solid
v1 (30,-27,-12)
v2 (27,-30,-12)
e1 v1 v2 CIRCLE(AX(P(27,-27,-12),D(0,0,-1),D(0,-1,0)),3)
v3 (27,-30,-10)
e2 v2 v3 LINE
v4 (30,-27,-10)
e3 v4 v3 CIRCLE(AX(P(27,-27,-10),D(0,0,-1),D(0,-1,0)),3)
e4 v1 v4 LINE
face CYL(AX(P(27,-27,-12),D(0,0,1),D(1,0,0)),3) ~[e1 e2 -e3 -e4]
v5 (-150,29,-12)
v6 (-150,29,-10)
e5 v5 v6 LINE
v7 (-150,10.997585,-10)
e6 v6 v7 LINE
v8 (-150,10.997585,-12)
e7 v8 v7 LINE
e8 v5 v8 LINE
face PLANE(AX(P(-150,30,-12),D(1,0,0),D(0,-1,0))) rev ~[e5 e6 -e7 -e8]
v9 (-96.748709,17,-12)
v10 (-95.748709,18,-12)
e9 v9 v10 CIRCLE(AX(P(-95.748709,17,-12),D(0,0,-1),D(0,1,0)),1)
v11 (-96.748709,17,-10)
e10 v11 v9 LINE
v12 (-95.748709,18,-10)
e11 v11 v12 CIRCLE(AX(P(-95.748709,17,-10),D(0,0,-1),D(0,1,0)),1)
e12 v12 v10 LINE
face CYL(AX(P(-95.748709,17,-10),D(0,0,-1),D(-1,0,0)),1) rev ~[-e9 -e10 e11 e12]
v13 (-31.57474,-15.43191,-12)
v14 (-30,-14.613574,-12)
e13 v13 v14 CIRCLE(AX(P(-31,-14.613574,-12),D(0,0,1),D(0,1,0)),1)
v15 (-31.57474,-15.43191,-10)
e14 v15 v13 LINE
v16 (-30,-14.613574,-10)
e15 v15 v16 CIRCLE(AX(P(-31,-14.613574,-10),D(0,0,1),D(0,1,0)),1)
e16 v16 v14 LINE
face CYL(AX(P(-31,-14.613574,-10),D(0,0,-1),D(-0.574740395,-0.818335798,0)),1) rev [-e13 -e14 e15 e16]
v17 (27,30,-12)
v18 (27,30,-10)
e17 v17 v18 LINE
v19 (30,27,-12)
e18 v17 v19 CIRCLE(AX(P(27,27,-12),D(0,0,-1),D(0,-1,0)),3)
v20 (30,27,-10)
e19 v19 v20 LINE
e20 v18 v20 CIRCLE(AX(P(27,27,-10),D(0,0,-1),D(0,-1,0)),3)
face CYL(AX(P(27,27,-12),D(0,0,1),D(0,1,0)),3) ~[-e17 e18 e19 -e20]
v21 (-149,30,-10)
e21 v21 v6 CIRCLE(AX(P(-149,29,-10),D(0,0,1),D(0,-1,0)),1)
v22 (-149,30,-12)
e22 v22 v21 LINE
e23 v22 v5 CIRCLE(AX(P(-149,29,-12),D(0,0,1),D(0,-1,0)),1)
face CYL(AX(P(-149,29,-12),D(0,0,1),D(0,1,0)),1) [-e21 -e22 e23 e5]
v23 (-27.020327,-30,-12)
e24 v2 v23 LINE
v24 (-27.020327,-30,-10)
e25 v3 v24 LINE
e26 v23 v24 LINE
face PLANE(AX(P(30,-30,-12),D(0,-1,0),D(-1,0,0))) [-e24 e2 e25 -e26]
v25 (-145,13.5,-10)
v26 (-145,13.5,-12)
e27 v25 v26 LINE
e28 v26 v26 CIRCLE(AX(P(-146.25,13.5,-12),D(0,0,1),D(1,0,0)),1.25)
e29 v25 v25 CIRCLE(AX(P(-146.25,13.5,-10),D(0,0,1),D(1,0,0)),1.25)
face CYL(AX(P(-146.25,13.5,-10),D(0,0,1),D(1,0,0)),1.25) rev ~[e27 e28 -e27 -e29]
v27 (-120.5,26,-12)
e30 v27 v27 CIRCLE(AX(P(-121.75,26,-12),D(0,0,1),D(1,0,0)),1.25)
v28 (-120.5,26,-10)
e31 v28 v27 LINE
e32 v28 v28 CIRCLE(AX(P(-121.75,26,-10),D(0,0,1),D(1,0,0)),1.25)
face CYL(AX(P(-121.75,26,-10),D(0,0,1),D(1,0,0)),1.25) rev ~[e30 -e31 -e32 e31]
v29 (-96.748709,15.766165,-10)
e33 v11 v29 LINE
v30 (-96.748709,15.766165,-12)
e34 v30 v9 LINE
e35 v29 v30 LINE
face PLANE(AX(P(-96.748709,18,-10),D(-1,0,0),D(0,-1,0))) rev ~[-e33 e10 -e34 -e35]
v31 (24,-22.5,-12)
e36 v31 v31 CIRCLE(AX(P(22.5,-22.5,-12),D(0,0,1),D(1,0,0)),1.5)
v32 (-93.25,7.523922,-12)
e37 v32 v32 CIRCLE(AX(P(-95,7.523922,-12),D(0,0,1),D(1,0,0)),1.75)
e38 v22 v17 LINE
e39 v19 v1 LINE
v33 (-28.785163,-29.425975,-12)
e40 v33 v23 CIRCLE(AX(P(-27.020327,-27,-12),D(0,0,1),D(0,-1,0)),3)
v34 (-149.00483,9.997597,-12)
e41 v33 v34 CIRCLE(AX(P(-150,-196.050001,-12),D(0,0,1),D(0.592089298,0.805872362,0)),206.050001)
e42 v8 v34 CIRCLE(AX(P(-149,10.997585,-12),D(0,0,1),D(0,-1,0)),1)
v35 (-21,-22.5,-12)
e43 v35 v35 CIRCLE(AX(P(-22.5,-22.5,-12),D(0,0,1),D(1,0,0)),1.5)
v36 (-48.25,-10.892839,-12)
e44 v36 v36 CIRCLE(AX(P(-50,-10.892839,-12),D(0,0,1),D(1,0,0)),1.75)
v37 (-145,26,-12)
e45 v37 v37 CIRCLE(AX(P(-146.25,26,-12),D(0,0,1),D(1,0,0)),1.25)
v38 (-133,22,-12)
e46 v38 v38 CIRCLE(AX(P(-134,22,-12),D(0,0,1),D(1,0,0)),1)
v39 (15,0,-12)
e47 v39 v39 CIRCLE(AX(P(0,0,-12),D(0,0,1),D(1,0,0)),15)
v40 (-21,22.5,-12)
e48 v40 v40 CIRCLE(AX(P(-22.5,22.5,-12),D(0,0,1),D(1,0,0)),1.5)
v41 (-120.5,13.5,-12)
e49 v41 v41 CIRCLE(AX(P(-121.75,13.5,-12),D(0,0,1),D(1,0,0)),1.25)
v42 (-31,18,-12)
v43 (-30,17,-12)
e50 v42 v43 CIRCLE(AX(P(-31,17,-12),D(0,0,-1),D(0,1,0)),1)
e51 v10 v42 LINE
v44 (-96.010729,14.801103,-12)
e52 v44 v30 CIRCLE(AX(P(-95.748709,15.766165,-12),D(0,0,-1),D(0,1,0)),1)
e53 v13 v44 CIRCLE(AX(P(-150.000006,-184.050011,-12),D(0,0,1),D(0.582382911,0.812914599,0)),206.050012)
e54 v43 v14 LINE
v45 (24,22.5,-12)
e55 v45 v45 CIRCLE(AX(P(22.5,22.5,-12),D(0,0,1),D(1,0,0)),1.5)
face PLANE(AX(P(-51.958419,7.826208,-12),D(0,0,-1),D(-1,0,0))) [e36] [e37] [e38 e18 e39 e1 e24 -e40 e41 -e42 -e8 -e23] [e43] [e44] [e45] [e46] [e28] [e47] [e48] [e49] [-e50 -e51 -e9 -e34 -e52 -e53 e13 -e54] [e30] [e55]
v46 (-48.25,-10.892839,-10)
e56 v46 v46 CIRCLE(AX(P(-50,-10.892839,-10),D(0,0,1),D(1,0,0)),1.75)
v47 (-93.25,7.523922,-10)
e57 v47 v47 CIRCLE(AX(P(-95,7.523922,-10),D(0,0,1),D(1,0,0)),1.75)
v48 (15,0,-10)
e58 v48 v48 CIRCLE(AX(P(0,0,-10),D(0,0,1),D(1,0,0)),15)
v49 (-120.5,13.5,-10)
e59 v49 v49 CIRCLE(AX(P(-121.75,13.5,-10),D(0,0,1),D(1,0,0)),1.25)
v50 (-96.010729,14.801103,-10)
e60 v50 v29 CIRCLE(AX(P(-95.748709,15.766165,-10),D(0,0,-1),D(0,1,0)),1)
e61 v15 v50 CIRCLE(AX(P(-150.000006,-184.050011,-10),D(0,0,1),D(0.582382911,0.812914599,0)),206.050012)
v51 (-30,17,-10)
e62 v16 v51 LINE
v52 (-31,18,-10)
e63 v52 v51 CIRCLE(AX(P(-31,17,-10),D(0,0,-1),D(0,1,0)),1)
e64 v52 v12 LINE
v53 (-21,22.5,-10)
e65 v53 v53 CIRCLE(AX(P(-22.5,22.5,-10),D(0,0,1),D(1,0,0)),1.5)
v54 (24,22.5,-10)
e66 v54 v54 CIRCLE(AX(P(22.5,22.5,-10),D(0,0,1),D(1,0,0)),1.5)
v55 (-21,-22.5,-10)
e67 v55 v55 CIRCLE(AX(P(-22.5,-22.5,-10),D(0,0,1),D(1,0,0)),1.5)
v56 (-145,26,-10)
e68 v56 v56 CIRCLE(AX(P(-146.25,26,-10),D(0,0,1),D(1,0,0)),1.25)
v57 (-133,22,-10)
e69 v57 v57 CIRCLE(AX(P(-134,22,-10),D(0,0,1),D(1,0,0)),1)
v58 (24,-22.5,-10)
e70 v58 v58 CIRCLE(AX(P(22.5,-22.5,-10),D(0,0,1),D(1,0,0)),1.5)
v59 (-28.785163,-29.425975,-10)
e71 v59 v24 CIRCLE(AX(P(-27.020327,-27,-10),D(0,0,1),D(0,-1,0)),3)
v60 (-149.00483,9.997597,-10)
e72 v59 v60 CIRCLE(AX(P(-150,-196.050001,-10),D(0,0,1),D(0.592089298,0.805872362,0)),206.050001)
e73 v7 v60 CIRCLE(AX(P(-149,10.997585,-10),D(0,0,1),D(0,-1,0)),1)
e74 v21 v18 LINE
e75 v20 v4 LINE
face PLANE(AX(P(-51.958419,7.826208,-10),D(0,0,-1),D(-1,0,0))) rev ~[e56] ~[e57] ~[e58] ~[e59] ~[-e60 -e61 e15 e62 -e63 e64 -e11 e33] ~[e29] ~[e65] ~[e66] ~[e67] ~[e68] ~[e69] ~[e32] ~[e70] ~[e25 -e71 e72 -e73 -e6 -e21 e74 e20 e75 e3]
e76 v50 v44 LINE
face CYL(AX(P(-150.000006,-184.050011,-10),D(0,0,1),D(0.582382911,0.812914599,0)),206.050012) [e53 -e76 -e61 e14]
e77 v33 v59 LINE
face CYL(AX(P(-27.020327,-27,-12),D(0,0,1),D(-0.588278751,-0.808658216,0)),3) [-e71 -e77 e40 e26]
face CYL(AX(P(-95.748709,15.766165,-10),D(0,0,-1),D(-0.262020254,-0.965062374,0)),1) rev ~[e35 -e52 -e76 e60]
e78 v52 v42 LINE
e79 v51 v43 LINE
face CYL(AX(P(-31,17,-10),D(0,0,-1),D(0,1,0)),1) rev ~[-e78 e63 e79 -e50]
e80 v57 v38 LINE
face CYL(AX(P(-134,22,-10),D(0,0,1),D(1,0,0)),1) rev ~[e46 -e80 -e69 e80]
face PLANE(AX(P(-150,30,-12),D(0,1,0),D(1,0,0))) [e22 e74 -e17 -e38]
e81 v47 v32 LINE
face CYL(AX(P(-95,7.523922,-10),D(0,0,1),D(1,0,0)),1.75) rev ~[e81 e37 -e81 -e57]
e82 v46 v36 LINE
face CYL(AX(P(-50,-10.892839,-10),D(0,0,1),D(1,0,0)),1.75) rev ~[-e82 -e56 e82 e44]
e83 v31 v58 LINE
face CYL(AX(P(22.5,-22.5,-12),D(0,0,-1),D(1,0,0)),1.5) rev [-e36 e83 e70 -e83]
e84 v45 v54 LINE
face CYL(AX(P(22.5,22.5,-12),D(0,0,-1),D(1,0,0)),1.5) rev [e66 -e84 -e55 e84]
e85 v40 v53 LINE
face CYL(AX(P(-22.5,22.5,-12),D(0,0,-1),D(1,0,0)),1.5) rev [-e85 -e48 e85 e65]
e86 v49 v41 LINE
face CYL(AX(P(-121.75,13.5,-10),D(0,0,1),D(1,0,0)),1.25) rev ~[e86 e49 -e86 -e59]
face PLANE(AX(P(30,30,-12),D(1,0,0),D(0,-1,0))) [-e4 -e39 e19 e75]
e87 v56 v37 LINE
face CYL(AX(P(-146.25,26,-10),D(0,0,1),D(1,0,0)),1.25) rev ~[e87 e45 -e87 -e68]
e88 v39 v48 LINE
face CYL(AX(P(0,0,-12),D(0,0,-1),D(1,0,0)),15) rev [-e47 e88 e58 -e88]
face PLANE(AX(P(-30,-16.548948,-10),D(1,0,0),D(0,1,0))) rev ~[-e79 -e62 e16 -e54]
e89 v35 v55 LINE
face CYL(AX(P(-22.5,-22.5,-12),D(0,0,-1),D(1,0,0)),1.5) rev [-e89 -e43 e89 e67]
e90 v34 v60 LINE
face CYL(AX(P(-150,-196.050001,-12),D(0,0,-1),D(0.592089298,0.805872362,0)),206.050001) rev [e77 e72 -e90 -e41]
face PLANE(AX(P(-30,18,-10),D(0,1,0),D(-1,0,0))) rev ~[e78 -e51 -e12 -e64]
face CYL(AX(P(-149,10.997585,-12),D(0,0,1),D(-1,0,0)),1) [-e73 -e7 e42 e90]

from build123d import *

# Parameters (mm, degrees)
SKETCH001_R     = 15
SKETCH001_R_2   = 1.5
PAD002_DEPTH    = 2
FILLET002_R     = 3
SKETCH006_R     = 1.25
HOLE_DEPTH      = 25
SKETCH007_R     = 1
POCKET004_DEPTH = 2.001
SKETCH008_R     = 1.75
POCKET005_DEPTH = 2.001
FILLET003_R     = 1
POCKET007_DEPTH = 2.001
FILLET004_R     = 1


with BuildPart() as part:
    # Sketch001 → Pad002 (new body)
    with BuildSketch(Plane.XY):
        with BuildLine():
            Line((-150, 30), (30, 30))
            Line((30, 30), (30, -30))
            Line((30, -30), (-28, -30))
            ThreePointArc((-28, -30), (-85.804985, -0.255203), (-150, 10))
            Line((-150, 30), (-150, 10))
        make_face()
        Circle(SKETCH001_R, mode=Mode.SUBTRACT)
        with Locations((-22.5, 22.5)):
            Circle(SKETCH001_R_2, mode=Mode.SUBTRACT)
        with Locations((22.5, 22.5)):
            Circle(SKETCH001_R_2, mode=Mode.SUBTRACT)
        with Locations((-22.5, -22.5)):
            Circle(SKETCH001_R_2, mode=Mode.SUBTRACT)
        with Locations((22.5, -22.5)):
            Circle(SKETCH001_R_2, mode=Mode.SUBTRACT)
    extrude(amount=PAD002_DEPTH)

    # Fillet002
    fillet002_edges = [part.edges().sort_by_distance(p)[0] for p in [
        (-28, -30, 1),
        (30, -30, 1),
        (30, 30, 1),
    ]]
    fillet(fillet002_edges, radius=FILLET002_R)

    # Sketch006 (on Face5 of Fillet002) → Hole (cut)
    with BuildSketch(Plane.XY.offset(2)):
        with Locations((-146.25, 26)):
            Circle(SKETCH006_R)
        with Locations((-121.75, 26)):
            Circle(SKETCH006_R)
        with Locations((-121.75, 13.5)):
            Circle(SKETCH006_R)
        with Locations((-146.25, 13.5)):
            Circle(SKETCH006_R)
    extrude(amount=-HOLE_DEPTH, mode=Mode.SUBTRACT)

    # Sketch007 (on Face5 of Hole) → Pocket004 (cut, through all)
    with BuildSketch(Plane.XY.offset(2)):
        with Locations((-134, 22)):
            Circle(SKETCH007_R)
    extrude(amount=-POCKET004_DEPTH, mode=Mode.SUBTRACT)

    # Sketch008 (on Face5 of Pocket004) → Pocket005 (cut, through all)
    with BuildSketch(Plane.XY.offset(2)):
        with Locations((-95, 7.523922)):
            Circle(SKETCH008_R)
        with Locations((-50, -10.892839)):
            Circle(SKETCH008_R)
    extrude(amount=-POCKET005_DEPTH, mode=Mode.SUBTRACT)

    # Fillet003
    fillet003_edges = [part.edges().sort_by_distance(p)[0] for p in [
        (-150, 30, 1),
        (-150, 10, 1),
    ]]
    fillet(fillet003_edges, radius=FILLET003_R)

    # Sketch010 (on Face5 of Fillet003) → Pocket007 (cut, through all)
    with BuildSketch(Plane.XY.offset(2)):
        with BuildLine():
            ThreePointArc((-30, -16.548948), (-61.949807, 2.239468), (-96.748709, 15))
            Line((-96.748709, 18), (-96.748709, 15))
            Line((-30, 18), (-96.748709, 18))
            Line((-30, -16.548948), (-30, 18))
        make_face()
    extrude(amount=-POCKET007_DEPTH, mode=Mode.SUBTRACT)

    # Fillet004
    fillet004_edges = [part.edges().sort_by_distance(p)[0] for p in [
        (-30, 18, 1),
        (-96.748709, 18, 1),
        (-96.748709, 15, 1),
        (-30, -16.548948, 1),
    ]]
    fillet(fillet004_edges, radius=FILLET004_R)


with BuildPart() as part_1:
    # Body002 placement: moved
    add(part.part.moved(Location((0, 0, -12))))


solid = part_1.part
